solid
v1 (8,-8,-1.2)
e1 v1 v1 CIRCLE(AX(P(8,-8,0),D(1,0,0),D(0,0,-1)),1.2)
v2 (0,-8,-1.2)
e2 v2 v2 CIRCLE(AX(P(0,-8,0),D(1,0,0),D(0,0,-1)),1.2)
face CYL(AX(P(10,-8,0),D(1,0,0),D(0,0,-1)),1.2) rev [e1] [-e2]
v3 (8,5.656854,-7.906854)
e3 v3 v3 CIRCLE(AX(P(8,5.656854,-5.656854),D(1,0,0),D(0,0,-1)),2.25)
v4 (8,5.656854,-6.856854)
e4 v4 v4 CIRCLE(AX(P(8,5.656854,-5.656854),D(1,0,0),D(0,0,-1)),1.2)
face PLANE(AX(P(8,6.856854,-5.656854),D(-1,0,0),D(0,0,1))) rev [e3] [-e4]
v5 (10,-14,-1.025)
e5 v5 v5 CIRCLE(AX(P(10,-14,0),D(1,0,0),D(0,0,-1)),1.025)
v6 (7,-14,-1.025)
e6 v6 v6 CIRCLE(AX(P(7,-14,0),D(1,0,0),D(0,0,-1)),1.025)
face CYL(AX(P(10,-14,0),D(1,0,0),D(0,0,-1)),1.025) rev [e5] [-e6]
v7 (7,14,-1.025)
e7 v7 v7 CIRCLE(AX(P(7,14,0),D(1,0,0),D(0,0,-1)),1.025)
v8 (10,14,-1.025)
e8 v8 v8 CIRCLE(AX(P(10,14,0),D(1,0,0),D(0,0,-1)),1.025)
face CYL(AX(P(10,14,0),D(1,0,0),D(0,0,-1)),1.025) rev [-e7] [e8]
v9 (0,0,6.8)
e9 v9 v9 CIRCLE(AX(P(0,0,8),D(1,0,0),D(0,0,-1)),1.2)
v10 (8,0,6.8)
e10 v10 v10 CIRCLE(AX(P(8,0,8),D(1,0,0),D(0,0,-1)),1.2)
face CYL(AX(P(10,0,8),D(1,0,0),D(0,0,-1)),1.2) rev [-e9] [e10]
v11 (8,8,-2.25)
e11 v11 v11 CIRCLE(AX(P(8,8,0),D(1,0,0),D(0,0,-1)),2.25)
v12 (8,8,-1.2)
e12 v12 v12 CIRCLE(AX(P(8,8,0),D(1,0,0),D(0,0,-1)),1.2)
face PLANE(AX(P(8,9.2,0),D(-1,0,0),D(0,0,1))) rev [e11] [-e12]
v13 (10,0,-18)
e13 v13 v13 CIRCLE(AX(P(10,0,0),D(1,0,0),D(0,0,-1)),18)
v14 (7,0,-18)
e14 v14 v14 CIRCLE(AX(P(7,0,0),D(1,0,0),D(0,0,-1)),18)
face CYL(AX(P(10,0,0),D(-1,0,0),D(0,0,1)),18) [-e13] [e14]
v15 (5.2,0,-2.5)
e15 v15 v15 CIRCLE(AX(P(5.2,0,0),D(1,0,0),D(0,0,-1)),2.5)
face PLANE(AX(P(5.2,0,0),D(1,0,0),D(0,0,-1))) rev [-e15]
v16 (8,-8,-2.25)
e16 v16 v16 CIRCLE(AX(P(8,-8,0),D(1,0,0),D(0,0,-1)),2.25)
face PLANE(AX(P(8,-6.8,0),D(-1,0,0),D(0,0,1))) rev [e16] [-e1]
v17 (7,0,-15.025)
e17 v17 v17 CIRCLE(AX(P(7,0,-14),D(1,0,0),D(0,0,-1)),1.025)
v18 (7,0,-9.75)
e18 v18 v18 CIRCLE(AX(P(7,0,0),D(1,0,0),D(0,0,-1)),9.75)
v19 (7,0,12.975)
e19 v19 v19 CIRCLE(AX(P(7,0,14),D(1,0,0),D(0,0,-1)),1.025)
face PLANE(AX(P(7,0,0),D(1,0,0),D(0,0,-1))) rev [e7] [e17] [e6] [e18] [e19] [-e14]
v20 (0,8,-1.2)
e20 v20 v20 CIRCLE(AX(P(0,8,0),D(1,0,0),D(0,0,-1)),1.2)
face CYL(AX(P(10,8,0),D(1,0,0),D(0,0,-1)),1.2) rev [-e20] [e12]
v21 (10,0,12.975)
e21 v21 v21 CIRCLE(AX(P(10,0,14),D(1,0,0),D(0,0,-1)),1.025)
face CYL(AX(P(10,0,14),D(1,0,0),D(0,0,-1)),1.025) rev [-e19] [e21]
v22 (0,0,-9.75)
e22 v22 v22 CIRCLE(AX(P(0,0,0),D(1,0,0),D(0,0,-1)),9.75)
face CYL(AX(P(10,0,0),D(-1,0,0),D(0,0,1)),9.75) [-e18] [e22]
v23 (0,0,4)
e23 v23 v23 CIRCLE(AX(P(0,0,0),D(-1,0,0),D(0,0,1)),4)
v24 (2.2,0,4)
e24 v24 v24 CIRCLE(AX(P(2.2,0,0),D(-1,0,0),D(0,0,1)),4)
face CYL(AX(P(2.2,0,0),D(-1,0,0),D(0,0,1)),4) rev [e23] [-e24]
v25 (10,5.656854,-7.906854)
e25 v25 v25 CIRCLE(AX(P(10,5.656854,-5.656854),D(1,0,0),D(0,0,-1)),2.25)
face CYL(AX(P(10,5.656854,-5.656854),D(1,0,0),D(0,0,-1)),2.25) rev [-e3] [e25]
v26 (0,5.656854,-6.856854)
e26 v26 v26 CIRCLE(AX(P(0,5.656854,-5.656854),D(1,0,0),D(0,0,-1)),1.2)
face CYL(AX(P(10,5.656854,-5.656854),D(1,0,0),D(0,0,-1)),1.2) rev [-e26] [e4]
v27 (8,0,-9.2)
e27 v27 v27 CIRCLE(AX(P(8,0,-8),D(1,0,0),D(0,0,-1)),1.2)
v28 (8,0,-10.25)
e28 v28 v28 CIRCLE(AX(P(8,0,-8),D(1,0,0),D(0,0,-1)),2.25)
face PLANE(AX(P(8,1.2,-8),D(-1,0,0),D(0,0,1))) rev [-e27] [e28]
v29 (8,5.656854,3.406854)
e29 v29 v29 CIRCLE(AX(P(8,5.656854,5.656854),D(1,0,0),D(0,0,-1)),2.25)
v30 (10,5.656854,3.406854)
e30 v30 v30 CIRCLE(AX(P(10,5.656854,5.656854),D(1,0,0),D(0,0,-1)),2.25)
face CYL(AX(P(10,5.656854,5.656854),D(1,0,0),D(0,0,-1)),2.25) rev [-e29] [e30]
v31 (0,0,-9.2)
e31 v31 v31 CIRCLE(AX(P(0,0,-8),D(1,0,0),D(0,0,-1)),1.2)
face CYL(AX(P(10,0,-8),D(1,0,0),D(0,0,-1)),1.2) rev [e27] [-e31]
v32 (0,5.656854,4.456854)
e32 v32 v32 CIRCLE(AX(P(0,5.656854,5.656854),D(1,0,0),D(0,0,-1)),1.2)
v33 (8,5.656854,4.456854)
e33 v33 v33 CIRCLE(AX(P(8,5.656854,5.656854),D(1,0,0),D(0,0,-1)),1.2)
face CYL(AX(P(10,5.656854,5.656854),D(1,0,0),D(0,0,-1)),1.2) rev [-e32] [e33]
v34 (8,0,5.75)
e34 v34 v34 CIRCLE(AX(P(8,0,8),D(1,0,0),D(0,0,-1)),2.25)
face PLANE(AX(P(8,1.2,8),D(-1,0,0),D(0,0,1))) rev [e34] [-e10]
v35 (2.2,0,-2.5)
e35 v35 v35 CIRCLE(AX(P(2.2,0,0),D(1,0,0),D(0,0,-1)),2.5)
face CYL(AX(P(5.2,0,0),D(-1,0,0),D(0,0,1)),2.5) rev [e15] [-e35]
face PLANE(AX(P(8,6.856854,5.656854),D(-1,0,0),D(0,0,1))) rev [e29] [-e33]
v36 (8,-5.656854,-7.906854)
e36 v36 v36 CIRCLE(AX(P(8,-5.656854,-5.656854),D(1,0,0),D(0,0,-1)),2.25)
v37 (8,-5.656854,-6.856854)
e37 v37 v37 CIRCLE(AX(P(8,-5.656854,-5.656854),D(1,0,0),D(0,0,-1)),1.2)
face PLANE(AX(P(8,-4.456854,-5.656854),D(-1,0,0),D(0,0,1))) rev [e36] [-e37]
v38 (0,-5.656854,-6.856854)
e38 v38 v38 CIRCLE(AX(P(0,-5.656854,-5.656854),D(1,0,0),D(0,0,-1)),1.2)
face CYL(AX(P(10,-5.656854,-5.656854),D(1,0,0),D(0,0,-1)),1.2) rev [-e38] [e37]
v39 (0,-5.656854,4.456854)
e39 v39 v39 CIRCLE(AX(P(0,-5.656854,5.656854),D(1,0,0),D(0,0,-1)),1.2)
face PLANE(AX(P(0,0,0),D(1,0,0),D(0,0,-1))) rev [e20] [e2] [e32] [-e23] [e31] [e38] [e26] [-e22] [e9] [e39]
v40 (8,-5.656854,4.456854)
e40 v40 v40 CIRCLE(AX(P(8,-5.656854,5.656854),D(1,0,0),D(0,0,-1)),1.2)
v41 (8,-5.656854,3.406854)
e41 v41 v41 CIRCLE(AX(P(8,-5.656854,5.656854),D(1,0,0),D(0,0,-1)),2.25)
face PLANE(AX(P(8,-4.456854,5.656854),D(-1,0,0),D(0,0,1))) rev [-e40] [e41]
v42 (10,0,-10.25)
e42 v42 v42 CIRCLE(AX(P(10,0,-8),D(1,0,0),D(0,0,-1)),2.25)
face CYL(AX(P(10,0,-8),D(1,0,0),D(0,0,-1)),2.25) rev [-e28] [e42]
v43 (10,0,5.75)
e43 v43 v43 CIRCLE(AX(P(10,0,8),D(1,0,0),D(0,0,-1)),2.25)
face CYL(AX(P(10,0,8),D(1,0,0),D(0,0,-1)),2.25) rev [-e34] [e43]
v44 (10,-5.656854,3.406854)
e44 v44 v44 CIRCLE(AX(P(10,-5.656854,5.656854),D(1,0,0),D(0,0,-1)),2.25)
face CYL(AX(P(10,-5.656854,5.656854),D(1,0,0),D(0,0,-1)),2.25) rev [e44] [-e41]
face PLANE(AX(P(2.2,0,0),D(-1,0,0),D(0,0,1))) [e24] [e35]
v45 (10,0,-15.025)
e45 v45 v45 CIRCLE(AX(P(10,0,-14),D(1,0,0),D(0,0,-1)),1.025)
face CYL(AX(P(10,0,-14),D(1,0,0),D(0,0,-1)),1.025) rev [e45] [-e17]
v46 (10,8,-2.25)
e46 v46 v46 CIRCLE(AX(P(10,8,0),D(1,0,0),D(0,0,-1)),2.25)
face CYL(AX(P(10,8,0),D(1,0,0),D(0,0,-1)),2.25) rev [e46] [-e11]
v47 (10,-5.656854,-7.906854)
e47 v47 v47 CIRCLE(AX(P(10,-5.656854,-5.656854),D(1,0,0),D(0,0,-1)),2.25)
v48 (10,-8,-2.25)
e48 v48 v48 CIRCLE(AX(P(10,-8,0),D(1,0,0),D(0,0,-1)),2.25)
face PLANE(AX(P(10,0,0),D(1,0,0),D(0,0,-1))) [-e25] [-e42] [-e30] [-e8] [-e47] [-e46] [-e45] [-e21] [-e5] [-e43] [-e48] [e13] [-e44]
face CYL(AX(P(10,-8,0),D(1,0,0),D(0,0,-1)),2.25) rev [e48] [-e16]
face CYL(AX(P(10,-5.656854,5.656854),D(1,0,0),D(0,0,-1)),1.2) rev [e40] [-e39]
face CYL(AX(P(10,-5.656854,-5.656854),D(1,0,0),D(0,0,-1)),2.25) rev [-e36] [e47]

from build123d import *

# Parameters (mm, degrees)
SKETCH1_R                                       = 9.75
BOSS_EXTRUDE1_DEPTH                             = 10
SKETCH6_R                                       = 18
BOSS_EXTRUDE2_DEPTH                             = 3
CBORE_FOR_M2_SOCKET_HEAD_CAP_SCREW5_D           = 2.4
CBORE_FOR_M2_SOCKET_HEAD_CAP_SCREW5_CBORE_D     = 4.5
CBORE_FOR_M2_SOCKET_HEAD_CAP_SCREW5_CBORE_DEPTH = 2
SKETCH14_R                                      = 4
CUT_EXTRUDE1_DEPTH                              = 2.2
M2_5_TAPPED_HOLE1_D                             = 2.05
SKETCH16_R                                      = 2.5
CUT_EXTRUDE2_DEPTH                              = 3


with BuildPart() as part:
    # Sketch1 → Boss-Extrude1 (new body)
    with BuildSketch(Plane(origin=(0, 0, 0), x_dir=(0, 0, -1), z_dir=(1, 0, 0))):
        Circle(SKETCH1_R)
    extrude(amount=BOSS_EXTRUDE1_DEPTH)

    # Sketch6 → Boss-Extrude2 (add)
    with BuildSketch(Plane(origin=(7, 0, 0), x_dir=(0, 0, -1), z_dir=(1, 0, 0))):
        Circle(SKETCH6_R)
    extrude(amount=BOSS_EXTRUDE2_DEPTH)

    # CBORE for M2 Socket Head Cap Screw5 (through all)
    with Locations(Plane(origin=(10, 8, 0), x_dir=(0, 0, 1), z_dir=(1, 0, 0))):
        with Locations((0, 0), (-5.656854249, 2.343145751), (-8, 8), (-5.656854249, 13.656854249), (0, 16), (5.656854249, 13.656854249), (8, 8), (5.656854249, 2.343145751)):
            CounterBoreHole(CBORE_FOR_M2_SOCKET_HEAD_CAP_SCREW5_D / 2, CBORE_FOR_M2_SOCKET_HEAD_CAP_SCREW5_CBORE_D / 2, CBORE_FOR_M2_SOCKET_HEAD_CAP_SCREW5_CBORE_DEPTH)

    # Sketch14 → Cut-Extrude1 (cut)
    with BuildSketch(Plane.ZY):
        Circle(SKETCH14_R)
    extrude(amount=-CUT_EXTRUDE1_DEPTH, mode=Mode.SUBTRACT)

    # M2.5 Tapped Hole1 (through all)
    with Locations(Plane(origin=(10, 14, 0), x_dir=(0, 0, 1), z_dir=(1, 0, 0))):
        with Locations((0, 0), (-14, 14), (0, 28), (14, 14)):
            Hole(M2_5_TAPPED_HOLE1_D / 2)

    # Sketch16 → Cut-Extrude2 (cut)
    with BuildSketch(Plane(origin=(2.2, 0, 0), x_dir=(0, 0, -1), z_dir=(1, 0, 0))):
        Circle(SKETCH16_R)
    extrude(amount=CUT_EXTRUDE2_DEPTH, mode=Mode.SUBTRACT)


solid = part.part
